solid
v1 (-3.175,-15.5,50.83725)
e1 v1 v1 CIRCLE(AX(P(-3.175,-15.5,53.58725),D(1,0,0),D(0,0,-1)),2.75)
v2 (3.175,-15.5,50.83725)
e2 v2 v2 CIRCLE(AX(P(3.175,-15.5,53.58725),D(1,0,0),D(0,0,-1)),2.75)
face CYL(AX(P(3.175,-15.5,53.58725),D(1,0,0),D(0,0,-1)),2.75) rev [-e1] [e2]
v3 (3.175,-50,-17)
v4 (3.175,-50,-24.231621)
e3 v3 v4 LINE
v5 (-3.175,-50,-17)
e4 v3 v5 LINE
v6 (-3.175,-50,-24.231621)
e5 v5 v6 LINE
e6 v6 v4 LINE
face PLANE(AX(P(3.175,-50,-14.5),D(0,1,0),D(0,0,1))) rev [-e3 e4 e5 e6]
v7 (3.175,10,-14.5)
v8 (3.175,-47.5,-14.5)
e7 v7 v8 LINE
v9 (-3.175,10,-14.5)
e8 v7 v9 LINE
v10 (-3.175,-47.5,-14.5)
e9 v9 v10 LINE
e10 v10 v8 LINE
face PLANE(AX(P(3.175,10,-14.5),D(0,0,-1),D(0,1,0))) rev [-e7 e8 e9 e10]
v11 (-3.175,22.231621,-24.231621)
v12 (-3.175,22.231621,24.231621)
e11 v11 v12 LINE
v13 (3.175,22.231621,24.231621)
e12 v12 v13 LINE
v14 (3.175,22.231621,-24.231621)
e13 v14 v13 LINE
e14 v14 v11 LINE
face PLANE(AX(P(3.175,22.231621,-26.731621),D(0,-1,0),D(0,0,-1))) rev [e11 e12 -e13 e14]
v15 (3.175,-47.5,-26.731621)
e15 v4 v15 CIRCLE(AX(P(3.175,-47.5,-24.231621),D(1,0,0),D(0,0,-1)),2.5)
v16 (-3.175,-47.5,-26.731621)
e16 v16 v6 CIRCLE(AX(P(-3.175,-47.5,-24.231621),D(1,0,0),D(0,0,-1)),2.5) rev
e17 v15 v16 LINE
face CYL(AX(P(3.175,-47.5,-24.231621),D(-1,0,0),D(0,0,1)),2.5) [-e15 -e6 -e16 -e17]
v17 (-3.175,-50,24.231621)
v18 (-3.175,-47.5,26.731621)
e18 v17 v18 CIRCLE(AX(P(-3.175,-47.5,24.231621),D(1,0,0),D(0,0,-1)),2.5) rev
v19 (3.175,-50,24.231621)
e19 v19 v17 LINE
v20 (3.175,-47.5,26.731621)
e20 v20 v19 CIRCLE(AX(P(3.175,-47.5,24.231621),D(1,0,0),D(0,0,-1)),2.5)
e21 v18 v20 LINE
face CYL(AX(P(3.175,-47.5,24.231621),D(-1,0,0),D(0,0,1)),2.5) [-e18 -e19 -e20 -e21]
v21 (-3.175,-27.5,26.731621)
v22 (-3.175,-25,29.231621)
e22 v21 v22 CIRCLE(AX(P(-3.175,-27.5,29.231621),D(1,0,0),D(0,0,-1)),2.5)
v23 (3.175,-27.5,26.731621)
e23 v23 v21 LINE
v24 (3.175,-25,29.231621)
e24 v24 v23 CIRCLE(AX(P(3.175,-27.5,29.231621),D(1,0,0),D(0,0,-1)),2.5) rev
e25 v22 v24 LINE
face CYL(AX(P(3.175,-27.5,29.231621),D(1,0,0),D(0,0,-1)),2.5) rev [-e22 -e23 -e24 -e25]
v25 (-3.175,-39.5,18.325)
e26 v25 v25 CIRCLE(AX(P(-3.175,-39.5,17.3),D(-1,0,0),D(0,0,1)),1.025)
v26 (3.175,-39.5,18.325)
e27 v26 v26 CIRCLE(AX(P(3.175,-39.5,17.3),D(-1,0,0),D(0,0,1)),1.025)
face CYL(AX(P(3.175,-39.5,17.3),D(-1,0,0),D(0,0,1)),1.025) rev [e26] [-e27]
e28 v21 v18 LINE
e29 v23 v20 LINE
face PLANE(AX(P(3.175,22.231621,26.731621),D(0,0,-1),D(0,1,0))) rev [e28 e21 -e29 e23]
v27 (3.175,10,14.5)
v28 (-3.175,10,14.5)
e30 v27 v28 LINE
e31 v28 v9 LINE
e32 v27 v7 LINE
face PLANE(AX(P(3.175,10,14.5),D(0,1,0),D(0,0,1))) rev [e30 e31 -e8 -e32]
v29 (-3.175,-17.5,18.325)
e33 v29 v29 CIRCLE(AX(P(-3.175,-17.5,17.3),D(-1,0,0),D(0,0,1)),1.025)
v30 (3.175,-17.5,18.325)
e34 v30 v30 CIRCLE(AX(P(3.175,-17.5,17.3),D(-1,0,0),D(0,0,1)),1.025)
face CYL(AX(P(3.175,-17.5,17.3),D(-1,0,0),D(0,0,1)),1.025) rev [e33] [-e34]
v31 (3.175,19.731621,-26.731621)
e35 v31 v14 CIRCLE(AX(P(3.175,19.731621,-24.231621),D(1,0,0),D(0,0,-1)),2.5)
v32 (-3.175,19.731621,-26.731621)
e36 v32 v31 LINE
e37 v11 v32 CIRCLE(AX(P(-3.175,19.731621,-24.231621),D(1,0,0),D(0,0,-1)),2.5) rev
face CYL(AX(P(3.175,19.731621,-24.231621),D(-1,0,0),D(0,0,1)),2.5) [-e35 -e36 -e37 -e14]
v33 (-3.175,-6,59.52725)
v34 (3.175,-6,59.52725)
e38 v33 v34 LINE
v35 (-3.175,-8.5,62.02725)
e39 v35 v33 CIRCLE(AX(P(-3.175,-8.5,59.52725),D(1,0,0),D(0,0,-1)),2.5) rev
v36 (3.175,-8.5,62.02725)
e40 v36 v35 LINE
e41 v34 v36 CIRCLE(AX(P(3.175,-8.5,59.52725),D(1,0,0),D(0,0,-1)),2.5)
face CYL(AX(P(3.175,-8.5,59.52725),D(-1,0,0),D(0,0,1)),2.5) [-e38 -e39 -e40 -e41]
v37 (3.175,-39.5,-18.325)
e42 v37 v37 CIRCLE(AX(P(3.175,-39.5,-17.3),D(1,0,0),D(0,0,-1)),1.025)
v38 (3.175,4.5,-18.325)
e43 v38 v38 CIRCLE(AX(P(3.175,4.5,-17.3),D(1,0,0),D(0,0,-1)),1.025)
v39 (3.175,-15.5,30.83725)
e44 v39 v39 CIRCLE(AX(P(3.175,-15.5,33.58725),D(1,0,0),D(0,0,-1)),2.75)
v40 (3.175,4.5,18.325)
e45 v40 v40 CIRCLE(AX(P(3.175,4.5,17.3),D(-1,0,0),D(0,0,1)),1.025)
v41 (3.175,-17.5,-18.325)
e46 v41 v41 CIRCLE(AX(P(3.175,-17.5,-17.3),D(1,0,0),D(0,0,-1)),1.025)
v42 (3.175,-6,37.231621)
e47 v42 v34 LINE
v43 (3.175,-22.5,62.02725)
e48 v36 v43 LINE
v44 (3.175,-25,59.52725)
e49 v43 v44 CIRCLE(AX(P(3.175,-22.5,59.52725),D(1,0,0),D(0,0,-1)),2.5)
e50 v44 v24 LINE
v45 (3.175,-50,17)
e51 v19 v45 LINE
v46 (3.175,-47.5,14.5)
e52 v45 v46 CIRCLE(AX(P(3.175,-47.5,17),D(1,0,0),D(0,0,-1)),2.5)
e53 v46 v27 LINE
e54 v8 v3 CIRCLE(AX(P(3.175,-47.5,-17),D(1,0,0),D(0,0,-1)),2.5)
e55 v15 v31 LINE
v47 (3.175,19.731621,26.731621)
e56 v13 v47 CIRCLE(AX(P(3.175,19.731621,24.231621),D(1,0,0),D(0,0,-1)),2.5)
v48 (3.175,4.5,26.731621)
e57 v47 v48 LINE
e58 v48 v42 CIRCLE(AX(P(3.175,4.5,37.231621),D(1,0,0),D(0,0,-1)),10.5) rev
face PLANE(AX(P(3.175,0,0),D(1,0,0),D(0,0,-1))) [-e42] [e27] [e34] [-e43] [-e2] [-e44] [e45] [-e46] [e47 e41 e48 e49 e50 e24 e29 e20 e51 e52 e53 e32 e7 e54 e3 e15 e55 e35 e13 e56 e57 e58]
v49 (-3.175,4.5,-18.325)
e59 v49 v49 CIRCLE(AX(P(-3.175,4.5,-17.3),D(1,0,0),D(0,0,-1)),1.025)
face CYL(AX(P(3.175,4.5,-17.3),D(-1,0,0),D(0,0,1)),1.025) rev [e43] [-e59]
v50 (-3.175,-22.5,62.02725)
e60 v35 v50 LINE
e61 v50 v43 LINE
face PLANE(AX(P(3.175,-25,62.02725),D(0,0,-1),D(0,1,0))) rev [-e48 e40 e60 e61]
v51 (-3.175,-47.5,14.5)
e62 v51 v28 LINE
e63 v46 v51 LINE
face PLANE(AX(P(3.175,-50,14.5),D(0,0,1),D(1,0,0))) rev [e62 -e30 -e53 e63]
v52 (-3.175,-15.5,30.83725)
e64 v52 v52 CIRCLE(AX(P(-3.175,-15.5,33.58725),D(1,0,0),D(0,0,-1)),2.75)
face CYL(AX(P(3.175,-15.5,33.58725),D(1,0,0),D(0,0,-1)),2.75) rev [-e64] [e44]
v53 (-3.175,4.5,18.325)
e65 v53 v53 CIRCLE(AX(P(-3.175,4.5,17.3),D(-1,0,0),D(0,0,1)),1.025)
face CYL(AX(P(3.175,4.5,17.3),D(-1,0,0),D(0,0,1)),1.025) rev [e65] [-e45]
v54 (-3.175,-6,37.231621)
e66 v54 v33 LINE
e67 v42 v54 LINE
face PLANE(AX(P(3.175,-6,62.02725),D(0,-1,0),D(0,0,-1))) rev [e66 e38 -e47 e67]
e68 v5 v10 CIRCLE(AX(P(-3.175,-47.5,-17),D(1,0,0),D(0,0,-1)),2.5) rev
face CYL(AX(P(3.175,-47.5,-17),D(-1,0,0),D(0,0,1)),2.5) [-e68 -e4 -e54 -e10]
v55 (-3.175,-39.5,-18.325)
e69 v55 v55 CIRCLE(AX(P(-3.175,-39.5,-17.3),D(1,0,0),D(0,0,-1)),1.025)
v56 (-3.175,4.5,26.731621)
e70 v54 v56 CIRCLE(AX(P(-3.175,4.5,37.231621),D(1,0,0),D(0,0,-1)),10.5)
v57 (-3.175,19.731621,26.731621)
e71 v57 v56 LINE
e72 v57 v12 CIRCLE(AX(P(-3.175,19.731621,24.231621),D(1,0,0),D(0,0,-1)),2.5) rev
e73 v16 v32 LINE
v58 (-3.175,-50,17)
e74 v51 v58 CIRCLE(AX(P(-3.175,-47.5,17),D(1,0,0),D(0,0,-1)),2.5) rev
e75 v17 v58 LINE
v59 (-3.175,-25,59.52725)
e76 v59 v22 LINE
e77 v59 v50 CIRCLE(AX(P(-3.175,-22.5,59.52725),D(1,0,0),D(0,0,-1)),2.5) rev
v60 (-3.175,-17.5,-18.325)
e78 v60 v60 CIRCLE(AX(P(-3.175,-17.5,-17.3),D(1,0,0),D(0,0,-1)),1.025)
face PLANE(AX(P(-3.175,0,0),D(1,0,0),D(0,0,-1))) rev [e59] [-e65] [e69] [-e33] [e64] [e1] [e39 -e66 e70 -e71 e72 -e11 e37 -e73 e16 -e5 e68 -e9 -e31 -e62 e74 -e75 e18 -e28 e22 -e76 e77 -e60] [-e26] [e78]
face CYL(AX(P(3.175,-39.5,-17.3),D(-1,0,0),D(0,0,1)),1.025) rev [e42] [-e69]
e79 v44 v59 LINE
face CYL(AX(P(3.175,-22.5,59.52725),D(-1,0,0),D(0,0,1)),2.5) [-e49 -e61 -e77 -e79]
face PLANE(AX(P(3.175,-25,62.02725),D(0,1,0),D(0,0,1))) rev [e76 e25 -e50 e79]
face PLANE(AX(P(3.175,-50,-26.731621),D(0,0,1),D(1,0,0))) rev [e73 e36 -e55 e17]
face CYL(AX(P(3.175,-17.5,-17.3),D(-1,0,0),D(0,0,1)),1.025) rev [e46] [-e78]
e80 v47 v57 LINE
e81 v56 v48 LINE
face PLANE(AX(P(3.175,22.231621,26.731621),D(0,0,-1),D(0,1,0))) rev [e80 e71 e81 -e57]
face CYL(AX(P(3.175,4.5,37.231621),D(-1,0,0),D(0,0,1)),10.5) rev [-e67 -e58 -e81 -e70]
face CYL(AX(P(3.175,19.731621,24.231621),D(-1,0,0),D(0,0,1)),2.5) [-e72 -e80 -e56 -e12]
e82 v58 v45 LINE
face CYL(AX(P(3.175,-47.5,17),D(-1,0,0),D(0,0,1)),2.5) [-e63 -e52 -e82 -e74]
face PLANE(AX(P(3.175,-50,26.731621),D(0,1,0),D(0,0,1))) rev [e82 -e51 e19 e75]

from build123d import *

# Parameters (mm, degrees)
SKETCH11_W           = 36.88
SKETCH11_H           = 19
BOSS_EXTRUDE3_DEPTH  = 3.175
BOSS_EXTRUDE2_DEPTH  = 3.175
SKETCH4_R            = 1.025
CUT_EXTRUDE4_DEPTH   = 80.923101916
M5_CLEARANCE_HOLE1_D = 5.5
FILLET1_R            = 2.5
FILLET2_R            = 10.5


with BuildPart() as part:
    # Sketch11 → Boss-Extrude3 (new, symmetric)
    with BuildSketch(Plane(origin=(0, 0, 0), x_dir=(0, 0, -1), z_dir=(1, 0, 0))):
        with Locations((-43.587249817, -15.5)):
            Rectangle(SKETCH11_W, SKETCH11_H)
    extrude(amount=BOSS_EXTRUDE3_DEPTH, both=True)

    # Sketch8 → Boss-Extrude2 (add, symmetric)
    with BuildSketch(Plane(origin=(0, 0, 0), x_dir=(0, 0, -1), z_dir=(1, 0, 0))):
        Polygon((14.5, 10), (14.5, -50), (26.73162128, -50), (26.73162128, 22.23162128), (-26.73162128, 22.23162128), (-26.73162128, -50), (-14.5, -50), (-14.5, 10), align=None)
    extrude(amount=BOSS_EXTRUDE2_DEPTH, both=True)

    # Sketch4 → Cut-Extrude4 (cut, through all)
    with BuildSketch(Plane.ZY.offset(3.175)):
        with Locations((17.3, -39.5)):
            Circle(SKETCH4_R)
        with Locations(Location((-17.3, -39.5, 0), (0, 0, 180))):
            Circle(SKETCH4_R)
        with Locations((17.3, -17.5)):
            Circle(SKETCH4_R)
        with Locations(Location((-17.3, -17.5, 0), (0, 0, 180))):
            Circle(SKETCH4_R)
        with Locations(Location((-17.3, 4.5, 0), (0, 0, 180))):
            Circle(SKETCH4_R)
        with Locations((17.3, 4.5)):
            Circle(SKETCH4_R)
    extrude(amount=-CUT_EXTRUDE4_DEPTH, mode=Mode.SUBTRACT)

    # M5 Clearance Hole1 (through all)
    with Locations(Plane(origin=(3.175, 0, 0), x_dir=(0, 0, -1), z_dir=(1, 0, 0))):
        with Locations((-53.587249817, -15.5), (-33.587249817, -15.5)):
            Hole(M5_CLEARANCE_HOLE1_D / 2)

    # Fillet1
    fillet1_edges = [part.edges().sort_by_distance(p)[0] for p in [
        (0, -25, 26.73162128),
        (0, 22.23162128, 26.73162128),
        (0, -50, -14.5),
        (0, -50, -26.73162128),
        (0, 22.23162128, -26.73162128),
        (0, -50, 26.73162128),
        (0, -50, 14.5),
        (0, -25, 62.027249817),
        (0, -6, 62.027249817),
    ]]
    fillet(fillet1_edges, radius=FILLET1_R)

    # Fillet2
    fillet2_edges = [part.edges().sort_by_distance(p)[0] for p in [
        (0, -6, 26.73162128),
    ]]
    fillet(fillet2_edges, radius=FILLET2_R)


solid = part.part
